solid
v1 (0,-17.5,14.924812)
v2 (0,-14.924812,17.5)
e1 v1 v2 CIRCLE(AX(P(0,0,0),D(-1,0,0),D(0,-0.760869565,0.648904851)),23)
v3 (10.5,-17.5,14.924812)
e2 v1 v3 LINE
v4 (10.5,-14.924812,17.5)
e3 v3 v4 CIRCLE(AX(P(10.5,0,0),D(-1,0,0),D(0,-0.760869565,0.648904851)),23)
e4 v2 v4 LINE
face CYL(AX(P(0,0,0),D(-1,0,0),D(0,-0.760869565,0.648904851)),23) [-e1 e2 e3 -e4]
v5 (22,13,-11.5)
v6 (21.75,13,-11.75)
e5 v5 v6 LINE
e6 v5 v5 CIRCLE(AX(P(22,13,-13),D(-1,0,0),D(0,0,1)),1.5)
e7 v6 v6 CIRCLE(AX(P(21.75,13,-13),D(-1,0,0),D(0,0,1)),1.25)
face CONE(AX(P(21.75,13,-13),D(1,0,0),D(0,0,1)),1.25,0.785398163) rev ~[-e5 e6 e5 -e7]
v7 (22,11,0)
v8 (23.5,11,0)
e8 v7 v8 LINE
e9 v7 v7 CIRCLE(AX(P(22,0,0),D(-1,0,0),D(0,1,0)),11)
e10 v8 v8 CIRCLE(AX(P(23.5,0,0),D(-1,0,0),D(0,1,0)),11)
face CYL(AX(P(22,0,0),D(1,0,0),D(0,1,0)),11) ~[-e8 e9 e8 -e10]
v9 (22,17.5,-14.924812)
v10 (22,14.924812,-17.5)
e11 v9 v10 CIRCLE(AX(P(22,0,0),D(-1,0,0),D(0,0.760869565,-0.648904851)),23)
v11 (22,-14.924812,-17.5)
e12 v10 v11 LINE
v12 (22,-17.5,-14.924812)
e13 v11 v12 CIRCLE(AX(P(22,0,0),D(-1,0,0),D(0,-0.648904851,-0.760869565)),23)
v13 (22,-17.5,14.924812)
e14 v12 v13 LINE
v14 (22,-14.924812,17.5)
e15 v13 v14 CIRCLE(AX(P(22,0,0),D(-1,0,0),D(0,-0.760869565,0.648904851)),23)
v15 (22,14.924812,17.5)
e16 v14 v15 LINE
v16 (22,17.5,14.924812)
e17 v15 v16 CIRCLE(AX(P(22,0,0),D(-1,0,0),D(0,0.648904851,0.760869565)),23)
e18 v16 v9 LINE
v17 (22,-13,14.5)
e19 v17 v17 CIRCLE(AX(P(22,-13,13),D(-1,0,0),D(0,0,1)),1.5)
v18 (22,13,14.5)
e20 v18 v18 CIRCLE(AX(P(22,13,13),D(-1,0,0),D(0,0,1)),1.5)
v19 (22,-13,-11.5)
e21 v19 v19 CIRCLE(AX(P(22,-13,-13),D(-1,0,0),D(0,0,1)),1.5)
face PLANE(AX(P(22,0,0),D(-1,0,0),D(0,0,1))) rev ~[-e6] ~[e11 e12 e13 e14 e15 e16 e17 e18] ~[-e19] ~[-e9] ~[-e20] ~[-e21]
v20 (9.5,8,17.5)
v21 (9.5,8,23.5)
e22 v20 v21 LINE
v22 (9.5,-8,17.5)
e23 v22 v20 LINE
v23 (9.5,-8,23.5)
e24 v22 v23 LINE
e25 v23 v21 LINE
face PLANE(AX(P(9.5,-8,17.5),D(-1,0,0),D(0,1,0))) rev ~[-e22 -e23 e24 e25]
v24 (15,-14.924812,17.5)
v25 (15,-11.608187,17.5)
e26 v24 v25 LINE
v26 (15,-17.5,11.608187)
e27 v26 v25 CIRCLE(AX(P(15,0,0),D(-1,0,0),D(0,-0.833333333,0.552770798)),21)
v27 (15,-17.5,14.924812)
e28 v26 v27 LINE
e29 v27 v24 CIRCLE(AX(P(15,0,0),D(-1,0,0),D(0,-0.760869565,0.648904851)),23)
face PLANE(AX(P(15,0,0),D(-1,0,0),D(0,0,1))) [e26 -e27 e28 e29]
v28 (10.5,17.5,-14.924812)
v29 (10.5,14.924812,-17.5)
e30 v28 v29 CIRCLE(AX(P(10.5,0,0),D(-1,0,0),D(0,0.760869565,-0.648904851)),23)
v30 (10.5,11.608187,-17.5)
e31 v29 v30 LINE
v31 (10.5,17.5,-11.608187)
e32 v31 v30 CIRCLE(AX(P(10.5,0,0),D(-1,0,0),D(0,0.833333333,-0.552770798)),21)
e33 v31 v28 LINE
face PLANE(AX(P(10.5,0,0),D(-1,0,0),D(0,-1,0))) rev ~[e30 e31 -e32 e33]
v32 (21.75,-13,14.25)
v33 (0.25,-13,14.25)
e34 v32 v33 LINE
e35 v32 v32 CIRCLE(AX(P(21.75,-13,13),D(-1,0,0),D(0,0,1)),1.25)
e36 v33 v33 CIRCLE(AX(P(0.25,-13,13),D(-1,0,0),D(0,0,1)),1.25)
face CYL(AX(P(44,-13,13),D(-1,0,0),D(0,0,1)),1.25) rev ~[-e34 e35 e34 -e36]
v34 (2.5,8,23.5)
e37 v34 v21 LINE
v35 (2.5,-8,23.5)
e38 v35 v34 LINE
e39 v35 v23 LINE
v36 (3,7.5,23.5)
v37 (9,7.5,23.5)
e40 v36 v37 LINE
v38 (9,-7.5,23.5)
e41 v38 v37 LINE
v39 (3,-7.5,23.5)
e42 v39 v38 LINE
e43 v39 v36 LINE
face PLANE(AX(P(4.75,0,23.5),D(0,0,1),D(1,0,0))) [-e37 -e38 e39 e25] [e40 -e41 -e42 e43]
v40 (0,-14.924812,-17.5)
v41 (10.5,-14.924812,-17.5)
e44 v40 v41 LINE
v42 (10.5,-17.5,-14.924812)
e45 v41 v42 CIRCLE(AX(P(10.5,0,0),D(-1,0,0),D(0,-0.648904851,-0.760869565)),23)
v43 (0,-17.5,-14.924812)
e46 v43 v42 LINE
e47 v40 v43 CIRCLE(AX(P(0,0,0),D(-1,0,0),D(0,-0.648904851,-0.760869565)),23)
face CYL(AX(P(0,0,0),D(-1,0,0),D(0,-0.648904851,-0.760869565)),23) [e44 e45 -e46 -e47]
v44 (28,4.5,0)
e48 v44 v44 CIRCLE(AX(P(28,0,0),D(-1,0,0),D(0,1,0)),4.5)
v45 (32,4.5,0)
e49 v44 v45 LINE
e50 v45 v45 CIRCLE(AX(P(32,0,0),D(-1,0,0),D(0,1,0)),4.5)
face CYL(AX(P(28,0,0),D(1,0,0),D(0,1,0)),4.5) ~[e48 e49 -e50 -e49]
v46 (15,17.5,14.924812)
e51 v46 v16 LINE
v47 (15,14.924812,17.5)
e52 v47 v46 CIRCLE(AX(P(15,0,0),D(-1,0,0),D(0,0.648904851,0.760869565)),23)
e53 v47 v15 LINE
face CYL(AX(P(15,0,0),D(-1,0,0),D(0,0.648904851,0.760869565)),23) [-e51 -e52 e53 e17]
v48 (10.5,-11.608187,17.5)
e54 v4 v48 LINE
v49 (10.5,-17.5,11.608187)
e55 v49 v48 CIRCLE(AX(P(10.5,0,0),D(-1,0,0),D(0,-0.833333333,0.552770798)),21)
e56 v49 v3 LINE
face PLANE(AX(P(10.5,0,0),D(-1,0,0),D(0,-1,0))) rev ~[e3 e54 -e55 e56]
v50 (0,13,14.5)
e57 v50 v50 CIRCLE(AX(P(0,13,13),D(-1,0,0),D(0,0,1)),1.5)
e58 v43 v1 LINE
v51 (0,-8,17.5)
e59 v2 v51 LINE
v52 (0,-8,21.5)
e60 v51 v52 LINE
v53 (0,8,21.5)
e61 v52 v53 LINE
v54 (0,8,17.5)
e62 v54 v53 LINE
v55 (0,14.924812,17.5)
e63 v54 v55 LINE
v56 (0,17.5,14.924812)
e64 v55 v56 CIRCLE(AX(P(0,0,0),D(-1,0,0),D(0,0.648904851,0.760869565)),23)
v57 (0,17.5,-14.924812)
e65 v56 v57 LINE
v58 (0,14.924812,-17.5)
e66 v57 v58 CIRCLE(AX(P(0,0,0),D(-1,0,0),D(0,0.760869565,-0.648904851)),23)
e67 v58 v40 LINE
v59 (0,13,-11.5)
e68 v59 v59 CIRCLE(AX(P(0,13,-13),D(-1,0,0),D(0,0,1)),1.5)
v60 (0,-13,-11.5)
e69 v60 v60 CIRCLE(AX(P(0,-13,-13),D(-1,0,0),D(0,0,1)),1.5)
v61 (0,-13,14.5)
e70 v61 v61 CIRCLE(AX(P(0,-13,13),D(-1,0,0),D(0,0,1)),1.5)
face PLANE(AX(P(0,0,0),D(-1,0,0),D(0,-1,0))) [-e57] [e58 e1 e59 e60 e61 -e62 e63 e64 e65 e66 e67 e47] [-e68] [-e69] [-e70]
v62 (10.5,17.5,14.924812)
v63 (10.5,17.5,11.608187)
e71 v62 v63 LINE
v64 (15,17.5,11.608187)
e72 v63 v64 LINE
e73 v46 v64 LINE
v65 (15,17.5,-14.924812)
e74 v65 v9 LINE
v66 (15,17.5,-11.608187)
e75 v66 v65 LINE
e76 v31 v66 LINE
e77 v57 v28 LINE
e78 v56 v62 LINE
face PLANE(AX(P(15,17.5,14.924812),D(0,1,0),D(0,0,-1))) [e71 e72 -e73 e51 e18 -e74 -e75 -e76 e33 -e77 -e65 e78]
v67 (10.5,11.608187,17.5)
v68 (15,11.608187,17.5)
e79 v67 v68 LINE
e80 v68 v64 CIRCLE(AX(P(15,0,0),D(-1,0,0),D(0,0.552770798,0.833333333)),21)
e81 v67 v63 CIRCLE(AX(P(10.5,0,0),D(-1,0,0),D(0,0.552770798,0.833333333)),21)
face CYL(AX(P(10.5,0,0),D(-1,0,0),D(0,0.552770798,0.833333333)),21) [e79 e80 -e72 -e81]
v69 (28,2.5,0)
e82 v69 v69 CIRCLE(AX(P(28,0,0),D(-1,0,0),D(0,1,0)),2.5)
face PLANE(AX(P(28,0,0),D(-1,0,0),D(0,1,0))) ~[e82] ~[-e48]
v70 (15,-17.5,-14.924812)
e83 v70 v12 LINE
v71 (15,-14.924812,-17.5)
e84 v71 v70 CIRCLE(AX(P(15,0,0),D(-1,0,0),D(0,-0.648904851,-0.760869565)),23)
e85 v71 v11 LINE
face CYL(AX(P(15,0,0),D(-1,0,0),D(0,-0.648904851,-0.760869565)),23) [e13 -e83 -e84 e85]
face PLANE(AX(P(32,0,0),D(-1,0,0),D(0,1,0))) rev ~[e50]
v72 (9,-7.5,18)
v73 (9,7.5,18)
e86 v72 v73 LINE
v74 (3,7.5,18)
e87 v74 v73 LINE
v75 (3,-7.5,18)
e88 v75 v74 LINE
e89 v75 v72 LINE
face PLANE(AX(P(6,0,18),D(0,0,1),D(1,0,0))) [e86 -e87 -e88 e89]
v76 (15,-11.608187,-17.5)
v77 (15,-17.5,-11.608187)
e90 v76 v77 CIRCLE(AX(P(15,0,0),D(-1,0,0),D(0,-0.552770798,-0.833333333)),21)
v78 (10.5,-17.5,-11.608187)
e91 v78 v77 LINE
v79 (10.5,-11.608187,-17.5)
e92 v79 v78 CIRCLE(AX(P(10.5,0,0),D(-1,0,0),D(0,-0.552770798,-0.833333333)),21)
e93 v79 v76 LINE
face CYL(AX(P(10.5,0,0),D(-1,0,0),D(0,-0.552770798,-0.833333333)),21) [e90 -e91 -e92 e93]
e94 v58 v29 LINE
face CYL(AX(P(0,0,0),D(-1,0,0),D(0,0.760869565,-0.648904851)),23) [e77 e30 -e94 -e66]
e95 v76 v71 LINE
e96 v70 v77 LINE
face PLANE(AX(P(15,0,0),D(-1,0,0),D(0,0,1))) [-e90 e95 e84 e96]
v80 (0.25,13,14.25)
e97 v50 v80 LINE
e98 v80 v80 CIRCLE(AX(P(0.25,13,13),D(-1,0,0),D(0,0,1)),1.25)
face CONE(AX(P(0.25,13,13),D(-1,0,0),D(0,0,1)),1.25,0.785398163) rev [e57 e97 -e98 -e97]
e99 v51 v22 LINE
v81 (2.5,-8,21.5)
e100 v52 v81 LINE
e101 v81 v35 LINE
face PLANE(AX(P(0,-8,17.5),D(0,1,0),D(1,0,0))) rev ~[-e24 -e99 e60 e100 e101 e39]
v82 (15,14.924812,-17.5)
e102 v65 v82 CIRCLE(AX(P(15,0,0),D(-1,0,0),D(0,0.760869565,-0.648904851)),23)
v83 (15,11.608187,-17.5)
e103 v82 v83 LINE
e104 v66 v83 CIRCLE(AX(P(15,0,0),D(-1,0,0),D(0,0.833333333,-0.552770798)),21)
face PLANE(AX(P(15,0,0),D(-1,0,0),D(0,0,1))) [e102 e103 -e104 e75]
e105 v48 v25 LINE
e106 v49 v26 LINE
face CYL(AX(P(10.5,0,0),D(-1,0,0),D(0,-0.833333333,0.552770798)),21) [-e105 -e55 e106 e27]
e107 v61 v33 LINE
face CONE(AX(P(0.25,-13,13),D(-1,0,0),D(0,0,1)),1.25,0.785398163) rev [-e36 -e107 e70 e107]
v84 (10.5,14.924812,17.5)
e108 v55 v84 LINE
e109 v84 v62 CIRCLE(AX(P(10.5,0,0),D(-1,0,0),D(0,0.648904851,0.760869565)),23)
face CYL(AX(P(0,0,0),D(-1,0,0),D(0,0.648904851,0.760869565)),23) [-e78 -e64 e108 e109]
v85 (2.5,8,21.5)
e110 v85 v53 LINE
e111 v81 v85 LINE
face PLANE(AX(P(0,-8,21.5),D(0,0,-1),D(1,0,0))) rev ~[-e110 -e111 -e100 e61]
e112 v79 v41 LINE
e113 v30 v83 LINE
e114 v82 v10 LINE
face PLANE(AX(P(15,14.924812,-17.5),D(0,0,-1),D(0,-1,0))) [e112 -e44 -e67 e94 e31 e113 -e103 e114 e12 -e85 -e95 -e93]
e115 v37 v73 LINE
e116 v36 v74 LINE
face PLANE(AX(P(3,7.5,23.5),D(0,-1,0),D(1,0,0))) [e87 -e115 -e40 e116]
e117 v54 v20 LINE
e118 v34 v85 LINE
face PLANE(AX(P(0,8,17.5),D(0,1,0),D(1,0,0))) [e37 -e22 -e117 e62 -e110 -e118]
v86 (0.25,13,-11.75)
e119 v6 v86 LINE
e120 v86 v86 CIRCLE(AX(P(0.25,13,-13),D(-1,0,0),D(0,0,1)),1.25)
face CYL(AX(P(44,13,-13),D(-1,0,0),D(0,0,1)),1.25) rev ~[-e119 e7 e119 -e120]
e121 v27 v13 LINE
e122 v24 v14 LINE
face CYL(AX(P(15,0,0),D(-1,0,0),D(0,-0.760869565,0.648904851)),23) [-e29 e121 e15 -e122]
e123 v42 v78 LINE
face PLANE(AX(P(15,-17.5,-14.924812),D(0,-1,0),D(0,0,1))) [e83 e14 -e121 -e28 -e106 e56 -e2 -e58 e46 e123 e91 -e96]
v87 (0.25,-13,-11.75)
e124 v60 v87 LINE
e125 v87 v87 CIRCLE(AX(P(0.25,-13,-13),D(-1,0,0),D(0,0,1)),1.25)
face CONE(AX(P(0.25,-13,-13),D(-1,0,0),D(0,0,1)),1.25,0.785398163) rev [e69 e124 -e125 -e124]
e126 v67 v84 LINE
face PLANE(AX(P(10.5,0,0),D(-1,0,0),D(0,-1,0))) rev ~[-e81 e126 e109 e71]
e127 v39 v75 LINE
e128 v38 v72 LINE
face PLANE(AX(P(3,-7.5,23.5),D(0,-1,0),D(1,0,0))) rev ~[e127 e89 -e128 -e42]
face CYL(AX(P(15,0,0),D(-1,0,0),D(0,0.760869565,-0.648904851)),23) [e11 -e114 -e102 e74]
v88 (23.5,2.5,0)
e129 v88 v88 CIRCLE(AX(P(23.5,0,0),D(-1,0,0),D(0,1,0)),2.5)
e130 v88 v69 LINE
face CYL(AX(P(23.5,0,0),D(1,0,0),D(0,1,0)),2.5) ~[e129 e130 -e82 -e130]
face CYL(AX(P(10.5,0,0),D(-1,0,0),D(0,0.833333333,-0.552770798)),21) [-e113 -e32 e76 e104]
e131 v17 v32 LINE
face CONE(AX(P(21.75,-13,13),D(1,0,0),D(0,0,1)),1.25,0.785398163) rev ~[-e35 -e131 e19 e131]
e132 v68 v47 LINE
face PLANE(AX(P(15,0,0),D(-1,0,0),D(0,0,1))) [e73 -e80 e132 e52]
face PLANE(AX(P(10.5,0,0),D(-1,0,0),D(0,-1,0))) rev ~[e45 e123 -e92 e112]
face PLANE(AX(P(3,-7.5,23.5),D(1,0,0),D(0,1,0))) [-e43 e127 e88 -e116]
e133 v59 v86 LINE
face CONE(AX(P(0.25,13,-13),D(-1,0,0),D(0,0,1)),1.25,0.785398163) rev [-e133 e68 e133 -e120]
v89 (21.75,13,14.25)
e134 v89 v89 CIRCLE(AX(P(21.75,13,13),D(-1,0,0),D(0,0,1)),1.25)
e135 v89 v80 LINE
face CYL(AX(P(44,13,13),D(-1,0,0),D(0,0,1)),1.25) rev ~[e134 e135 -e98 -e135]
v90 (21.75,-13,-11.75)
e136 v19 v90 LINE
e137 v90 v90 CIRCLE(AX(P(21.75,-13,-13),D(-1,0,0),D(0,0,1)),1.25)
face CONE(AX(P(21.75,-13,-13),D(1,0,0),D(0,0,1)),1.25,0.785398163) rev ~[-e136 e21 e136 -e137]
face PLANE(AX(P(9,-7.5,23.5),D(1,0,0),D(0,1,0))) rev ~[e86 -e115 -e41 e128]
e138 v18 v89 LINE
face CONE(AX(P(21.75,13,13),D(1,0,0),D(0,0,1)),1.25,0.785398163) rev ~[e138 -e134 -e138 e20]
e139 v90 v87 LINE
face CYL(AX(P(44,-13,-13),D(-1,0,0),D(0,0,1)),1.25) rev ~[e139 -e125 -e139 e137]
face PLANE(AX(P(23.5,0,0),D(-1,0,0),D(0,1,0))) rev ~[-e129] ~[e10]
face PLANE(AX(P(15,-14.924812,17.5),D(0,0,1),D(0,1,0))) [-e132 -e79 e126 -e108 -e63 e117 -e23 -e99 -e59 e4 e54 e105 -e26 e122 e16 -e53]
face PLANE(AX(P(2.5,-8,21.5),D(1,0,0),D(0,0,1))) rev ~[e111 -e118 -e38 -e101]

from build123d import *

# Parameters (mm, degrees)
BOSS_EXTRUDE1_DEPTH       = 10.5
BOSS_EXTRUDE2_DEPTH       = 4.5
BOSS_EXTRUDE3_DEPTH       = 7
SKETCH4_W                 = 9.5
SKETCH4_H                 = 16
BOSS_EXTRUDE4_DEPTH       = 6
SKETCH5_W                 = 2.5
SKETCH5_H                 = 2
CUT_EXTRUDE1_DEPTH        = 26.5
SKETCH6_W                 = 6
SKETCH6_H                 = 15
CUT_EXTRUDE2_DEPTH        = 5.5
F_2_CLEARANCE_HOLE1_D     = 2.5
F_2_CLEARANCE_HOLE1_DEPTH = 22
CHAMFER1_SIZE             = 0.25


with BuildPart() as part:
    # Sketch1 → Boss-Extrude1 (new body)
    with BuildSketch(Plane(origin=(0, 0, 0), x_dir=(0, -1, 0), z_dir=(-1, 0, 0))):
        with BuildLine():
            Line((14.924811557, 17.5), (-14.924811557, 17.5))
            ThreePointArc((-14.924811557, 17.5), (-16.263455967, 16.263455967), (-17.5, 14.924811557))
            Line((-17.5, 14.924811557), (-17.5, -14.924811557))
            ThreePointArc((-17.5, -14.924811557), (-16.263455967, -16.263455967), (-14.924811557, -17.5))
            Line((-14.924811557, -17.5), (14.924811557, -17.5))
            ThreePointArc((14.924811557, -17.5), (16.263455967, -16.263455967), (17.5, -14.924811557))
            Line((17.5, -14.924811557), (17.5, 14.924811557))
            ThreePointArc((17.5, 14.924811557), (16.263455967, 16.263455967), (14.924811557, 17.5))
        make_face()
    extrude(amount=-BOSS_EXTRUDE1_DEPTH)

    # Sketch2 → Boss-Extrude2 (add)
    with BuildSketch(Plane(origin=(10.5, 0, 0), x_dir=(0, 0, -1), z_dir=(1, 0, 0))):
        with BuildLine():
            Line((-17.5, -11.608186766), (-17.5, 11.608186766))
            ThreePointArc((-17.5, 11.608186766), (-14.849242405, 14.849242405), (-11.608186766, 17.5))
            Line((-11.608186766, 17.5), (11.608186766, 17.5))
            ThreePointArc((11.608186766, 17.5), (14.849242405, 14.849242405), (17.5, 11.608186766))
            Line((17.5, 11.608186766), (17.5, -11.608186766))
            ThreePointArc((17.5, -11.608186766), (14.849242405, -14.849242405), (11.608186766, -17.5))
            Line((11.608186766, -17.5), (-11.608186766, -17.5))
            ThreePointArc((-11.608186766, -17.5), (-14.849242405, -14.849242405), (-17.5, -11.608186766))
        make_face()
    extrude(amount=BOSS_EXTRUDE2_DEPTH)

    # Sketch3 → Boss-Extrude3 (add)
    with BuildSketch(Plane(origin=(15, 0, 0), x_dir=(0, 0, -1), z_dir=(1, 0, 0))):
        with BuildLine():
            Line((17.5, 14.924811557), (17.5, -14.924811557))
            ThreePointArc((17.5, -14.924811557), (16.263455967, -16.263455967), (14.924811557, -17.5))
            Line((14.924811557, -17.5), (-14.924811557, -17.5))
            ThreePointArc((-14.924811557, -17.5), (-16.263455967, -16.263455967), (-17.5, -14.924811557))
            Line((-17.5, -14.924811557), (-17.5, 14.924811557))
            ThreePointArc((-17.5, 14.924811557), (-16.263455967, 16.263455967), (-14.924811557, 17.5))
            Line((-14.924811557, 17.5), (14.924811557, 17.5))
            ThreePointArc((14.924811557, 17.5), (16.263455967, 16.263455967), (17.5, 14.924811557))
        make_face()
    extrude(amount=BOSS_EXTRUDE3_DEPTH)

    # Sketch4 → Boss-Extrude4 (add)
    with BuildSketch(Plane.XY.offset(17.5)):
        with Locations((4.75, 0)):
            Rectangle(SKETCH4_W, SKETCH4_H)
    extrude(amount=BOSS_EXTRUDE4_DEPTH)

    # Sketch5 → Cut-Extrude1 (cut, through all)
    with BuildSketch(Plane.XZ.offset(8)):
        with Locations((1.25, 22.5)):
            Rectangle(SKETCH5_W, SKETCH5_H)
    extrude(amount=-CUT_EXTRUDE1_DEPTH, mode=Mode.SUBTRACT)

    # Sketch6 → Cut-Extrude2 (cut)
    with BuildSketch(Plane.XY.offset(23.5)):
        with Locations((6, 0)):
            Rectangle(SKETCH6_W, SKETCH6_H)
    extrude(amount=-CUT_EXTRUDE2_DEPTH, mode=Mode.SUBTRACT)

    # Sketch7 → Revolve1 (revolve)
    with BuildSketch(Plane(origin=(0, 0, 0), x_dir=(-1, 0, 0), z_dir=(0, 0, -1))):
        Polygon((-32, 4.5), (-32, 0), (-22, 0), (-22, 11), (-23.5, 11), (-23.5, 2.5), (-28, 2.5), (-28, 4.5), align=None)
    revolve(axis=Axis((32, 0, 0), (-1, 0, 0)))

    # #2 Clearance Hole1
    with Locations(Plane(origin=(22, 0, 0), x_dir=(0, 0, -1), z_dir=(1, 0, 0))):
        with Locations((-13, 13), (13, 13), (13, -13), (-13, -13)):
            Hole(F_2_CLEARANCE_HOLE1_D / 2, depth=F_2_CLEARANCE_HOLE1_DEPTH)

    # Chamfer1
    chamfer1_edges = [part.edges().sort_by_distance(p)[0] for p in [
        (22, -13, 11.75),
        (0, -13, 11.75),
        (22, -13, -14.25),
        (0, -13, -14.25),
        (22, 13, -14.25),
        (0, 13, -14.25),
        (22, 13, 11.75),
        (0, 13, 11.75),
    ]]
    chamfer(chamfer1_edges, length=CHAMFER1_SIZE)


solid = part.part
